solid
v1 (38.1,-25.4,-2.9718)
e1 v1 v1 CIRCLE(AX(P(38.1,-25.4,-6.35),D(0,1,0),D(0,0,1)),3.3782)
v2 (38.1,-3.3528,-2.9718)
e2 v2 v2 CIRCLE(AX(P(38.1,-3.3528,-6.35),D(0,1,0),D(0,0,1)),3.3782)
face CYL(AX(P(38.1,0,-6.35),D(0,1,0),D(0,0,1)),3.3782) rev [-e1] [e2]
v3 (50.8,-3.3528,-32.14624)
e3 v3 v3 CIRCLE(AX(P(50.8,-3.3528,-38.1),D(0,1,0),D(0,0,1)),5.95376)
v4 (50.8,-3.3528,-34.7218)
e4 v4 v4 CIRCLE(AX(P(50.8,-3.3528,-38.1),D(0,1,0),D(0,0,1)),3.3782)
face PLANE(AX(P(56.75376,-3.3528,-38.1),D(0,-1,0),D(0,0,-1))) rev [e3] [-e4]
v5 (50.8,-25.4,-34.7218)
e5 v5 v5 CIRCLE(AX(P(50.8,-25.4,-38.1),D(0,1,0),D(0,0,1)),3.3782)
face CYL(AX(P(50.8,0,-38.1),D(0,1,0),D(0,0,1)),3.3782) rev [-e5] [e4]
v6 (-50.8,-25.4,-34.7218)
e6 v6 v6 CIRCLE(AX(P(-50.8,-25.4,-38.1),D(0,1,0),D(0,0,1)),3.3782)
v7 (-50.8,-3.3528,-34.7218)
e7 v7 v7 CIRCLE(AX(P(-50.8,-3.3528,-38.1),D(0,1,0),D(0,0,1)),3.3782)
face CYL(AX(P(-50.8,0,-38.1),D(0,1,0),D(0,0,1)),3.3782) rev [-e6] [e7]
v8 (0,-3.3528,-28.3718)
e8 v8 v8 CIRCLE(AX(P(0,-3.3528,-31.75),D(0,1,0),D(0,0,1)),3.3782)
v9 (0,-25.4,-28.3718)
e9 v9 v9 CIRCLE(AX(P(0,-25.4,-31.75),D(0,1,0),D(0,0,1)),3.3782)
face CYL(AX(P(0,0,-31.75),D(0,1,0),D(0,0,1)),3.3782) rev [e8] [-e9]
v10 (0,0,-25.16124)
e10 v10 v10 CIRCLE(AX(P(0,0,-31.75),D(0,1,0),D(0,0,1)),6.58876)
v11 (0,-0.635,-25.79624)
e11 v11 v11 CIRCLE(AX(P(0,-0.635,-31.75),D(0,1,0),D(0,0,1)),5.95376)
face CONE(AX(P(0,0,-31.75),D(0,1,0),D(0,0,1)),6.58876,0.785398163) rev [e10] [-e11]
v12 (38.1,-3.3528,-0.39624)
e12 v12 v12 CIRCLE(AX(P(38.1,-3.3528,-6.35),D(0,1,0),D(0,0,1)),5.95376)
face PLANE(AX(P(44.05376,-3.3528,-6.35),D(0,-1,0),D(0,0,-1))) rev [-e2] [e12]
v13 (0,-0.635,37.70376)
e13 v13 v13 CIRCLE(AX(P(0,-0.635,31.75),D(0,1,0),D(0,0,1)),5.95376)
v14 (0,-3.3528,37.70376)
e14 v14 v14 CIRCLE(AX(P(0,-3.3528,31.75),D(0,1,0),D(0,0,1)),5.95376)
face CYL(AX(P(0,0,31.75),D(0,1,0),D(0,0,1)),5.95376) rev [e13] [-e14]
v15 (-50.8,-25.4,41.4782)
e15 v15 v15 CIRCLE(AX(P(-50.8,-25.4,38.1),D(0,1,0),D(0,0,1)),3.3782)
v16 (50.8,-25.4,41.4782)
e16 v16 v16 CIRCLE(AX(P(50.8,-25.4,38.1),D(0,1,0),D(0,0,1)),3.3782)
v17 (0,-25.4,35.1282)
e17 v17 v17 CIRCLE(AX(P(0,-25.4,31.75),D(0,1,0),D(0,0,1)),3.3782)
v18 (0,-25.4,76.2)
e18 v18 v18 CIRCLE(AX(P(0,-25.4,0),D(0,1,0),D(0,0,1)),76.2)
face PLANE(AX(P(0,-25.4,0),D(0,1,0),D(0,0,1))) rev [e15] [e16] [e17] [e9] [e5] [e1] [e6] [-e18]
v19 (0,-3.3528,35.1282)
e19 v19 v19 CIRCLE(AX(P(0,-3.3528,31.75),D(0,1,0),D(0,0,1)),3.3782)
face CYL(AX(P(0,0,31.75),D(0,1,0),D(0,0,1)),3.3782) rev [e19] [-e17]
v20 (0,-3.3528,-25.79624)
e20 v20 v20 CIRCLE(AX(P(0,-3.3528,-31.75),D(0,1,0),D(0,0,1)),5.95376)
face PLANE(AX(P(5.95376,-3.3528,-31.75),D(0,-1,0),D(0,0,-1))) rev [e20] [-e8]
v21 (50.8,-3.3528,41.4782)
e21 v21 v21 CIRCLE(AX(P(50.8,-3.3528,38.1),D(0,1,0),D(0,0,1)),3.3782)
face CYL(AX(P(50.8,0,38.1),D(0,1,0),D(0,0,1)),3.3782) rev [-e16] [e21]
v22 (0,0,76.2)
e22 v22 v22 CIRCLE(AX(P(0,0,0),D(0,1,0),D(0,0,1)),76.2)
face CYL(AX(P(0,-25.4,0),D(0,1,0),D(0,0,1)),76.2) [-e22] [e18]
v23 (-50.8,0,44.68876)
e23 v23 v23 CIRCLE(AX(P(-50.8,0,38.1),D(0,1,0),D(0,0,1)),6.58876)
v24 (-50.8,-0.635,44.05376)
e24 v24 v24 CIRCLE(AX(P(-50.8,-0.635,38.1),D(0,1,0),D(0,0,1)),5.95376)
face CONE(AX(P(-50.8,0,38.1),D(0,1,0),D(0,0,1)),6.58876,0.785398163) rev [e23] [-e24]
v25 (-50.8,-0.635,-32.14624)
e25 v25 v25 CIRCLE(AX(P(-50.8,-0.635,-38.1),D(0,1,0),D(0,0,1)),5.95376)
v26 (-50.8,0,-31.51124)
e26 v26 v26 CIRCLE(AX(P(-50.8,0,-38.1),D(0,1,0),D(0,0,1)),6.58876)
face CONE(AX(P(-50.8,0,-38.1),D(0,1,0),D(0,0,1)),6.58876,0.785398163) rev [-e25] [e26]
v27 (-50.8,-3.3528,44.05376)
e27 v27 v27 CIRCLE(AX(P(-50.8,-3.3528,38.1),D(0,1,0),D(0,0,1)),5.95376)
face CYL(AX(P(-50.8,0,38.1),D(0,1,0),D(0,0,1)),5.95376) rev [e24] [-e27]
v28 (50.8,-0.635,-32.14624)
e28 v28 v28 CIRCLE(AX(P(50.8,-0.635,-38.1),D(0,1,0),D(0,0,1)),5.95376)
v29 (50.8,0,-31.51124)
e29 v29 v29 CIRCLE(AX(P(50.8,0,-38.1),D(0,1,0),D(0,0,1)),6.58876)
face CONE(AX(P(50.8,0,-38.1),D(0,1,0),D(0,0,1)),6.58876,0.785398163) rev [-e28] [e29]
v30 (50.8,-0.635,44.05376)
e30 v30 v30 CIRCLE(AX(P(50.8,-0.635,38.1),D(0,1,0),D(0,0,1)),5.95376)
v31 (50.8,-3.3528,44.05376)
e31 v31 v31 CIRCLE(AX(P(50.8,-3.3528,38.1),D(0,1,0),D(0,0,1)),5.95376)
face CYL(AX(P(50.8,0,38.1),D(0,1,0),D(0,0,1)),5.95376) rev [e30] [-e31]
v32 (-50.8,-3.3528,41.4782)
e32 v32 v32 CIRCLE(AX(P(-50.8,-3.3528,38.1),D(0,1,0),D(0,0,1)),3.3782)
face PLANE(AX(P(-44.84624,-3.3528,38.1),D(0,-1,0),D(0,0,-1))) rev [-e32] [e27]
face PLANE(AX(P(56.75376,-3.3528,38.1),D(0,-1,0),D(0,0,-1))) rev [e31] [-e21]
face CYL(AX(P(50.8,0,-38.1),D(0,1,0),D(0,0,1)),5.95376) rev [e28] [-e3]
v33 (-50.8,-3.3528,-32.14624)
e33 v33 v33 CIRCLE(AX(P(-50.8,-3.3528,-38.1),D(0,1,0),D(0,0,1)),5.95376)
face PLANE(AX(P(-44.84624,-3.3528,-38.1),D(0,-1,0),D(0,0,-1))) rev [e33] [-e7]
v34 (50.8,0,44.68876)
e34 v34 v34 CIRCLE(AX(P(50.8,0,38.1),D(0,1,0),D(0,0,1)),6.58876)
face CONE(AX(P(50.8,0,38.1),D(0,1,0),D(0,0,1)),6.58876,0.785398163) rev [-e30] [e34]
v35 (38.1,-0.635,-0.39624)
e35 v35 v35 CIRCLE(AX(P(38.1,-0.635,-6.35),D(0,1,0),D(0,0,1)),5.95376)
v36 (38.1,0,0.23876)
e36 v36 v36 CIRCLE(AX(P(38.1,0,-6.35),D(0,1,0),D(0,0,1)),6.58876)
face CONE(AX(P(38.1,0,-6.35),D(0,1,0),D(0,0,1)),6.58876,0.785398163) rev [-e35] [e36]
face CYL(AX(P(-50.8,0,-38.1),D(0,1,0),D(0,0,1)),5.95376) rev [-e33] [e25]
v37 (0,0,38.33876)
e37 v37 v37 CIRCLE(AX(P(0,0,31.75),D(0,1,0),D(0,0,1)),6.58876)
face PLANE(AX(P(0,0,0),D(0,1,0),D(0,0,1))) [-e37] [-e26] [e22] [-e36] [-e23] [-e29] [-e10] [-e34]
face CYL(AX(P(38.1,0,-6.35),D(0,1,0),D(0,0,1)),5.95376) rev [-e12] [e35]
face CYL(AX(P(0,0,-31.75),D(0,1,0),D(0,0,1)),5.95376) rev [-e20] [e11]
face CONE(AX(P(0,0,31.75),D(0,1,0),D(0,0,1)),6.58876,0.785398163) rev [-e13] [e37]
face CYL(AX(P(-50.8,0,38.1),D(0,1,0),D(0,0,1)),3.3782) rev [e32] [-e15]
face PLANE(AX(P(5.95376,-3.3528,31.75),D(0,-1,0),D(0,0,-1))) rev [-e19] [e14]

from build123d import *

# Parameters (mm, degrees)
SKETCH1_R                                     = 76.2
BOSS_EXTRUDE1_DEPTH                           = 25.4
CBORE_FOR_1_4_BUTTON_HEAD_CAP_SCREW1_AT_COUNT = 2
CBORE_FOR_1_4_BUTTON_HEAD_CAP_SCREW1_AT_PITCH = 45.790501198
CBORE_FOR_1_4_BUTTON_HEAD_CAP_SCREW1_2_COUNT  = 2
CBORE_FOR_1_4_BUTTON_HEAD_CAP_SCREW1_2_PITCH  = 63.5
CBORE_FOR_1_4_BUTTON_HEAD_CAP_SCREW1_3_COUNT  = 2
CBORE_FOR_1_4_BUTTON_HEAD_CAP_SCREW1_3_PITCH  = 86.36933773
CBORE_FOR_1_4_BUTTON_HEAD_CAP_SCREW1_4_COUNT  = 2
CBORE_FOR_1_4_BUTTON_HEAD_CAP_SCREW1_4_PITCH  = 51.195336702
CBORE_FOR_1_4_BUTTON_HEAD_CAP_SCREW1_5_COUNT  = 2
CBORE_FOR_1_4_BUTTON_HEAD_CAP_SCREW1_5_PITCH  = 51.195336702
CBORE_FOR_1_4_BUTTON_HEAD_CAP_SCREW1_6_COUNT  = 2
CBORE_FOR_1_4_BUTTON_HEAD_CAP_SCREW1_6_PITCH  = 86.36933773


with BuildPart() as part:
    # Sketch1 → Boss-Extrude1 (new body)
    with BuildSketch(Plane(origin=(0, 0, 0), x_dir=(1, 0, 0), z_dir=(0, 1, 0))):
        with Locations(Location((0, 0, 0), (0, 0, 270))):
            Circle(SKETCH1_R)
    extrude(amount=-BOSS_EXTRUDE1_DEPTH)

    # Sketch8 → CBORE for 1/4 Button Head Cap Screw1 (revolve, cut)
    with BuildSketch(Plane(origin=(0, 0, -31.75), x_dir=(0, 0, 1), z_dir=(1, 0, 0))):
        Polygon((0, 0), (0, 25.4), (3.3782, 25.4), (3.3782, 3.3528), (5.95376, 3.3528), (5.95376, 0.635), (6.58876, 0), align=None)
    cbore_for_1_4_button_head_cap_screw1 = revolve(axis=Axis((0, 6.35, -31.75), (0, -1, 0)), mode=Mode.SUBTRACT)

    # CBORE for 1/4 Button Head Cap Screw1 at: CBORE for 1/4 Button Head Cap Screw1 ×2
    with Locations(*[Vector(0.8320502943378437, 0, 0.5547001962252293) * (i * CBORE_FOR_1_4_BUTTON_HEAD_CAP_SCREW1_AT_PITCH) for i in range(1, CBORE_FOR_1_4_BUTTON_HEAD_CAP_SCREW1_AT_COUNT)]):
        add(cbore_for_1_4_button_head_cap_screw1, mode=Mode.SUBTRACT)

    # CBORE for 1_4 Button Head Cap Screw1 2: CBORE for 1/4 Button Head Cap Screw1 ×2
    with Locations(*[(0, 0, i * CBORE_FOR_1_4_BUTTON_HEAD_CAP_SCREW1_2_PITCH) for i in range(1, CBORE_FOR_1_4_BUTTON_HEAD_CAP_SCREW1_2_COUNT)]):
        add(cbore_for_1_4_button_head_cap_screw1, mode=Mode.SUBTRACT)

    # CBORE for 1_4 Button Head Cap Screw1 3: CBORE for 1/4 Button Head Cap Screw1 ×2
    with Locations(*[Vector(0.5881716976750462, 0, 0.8087360843031886) * (i * CBORE_FOR_1_4_BUTTON_HEAD_CAP_SCREW1_3_PITCH) for i in range(1, CBORE_FOR_1_4_BUTTON_HEAD_CAP_SCREW1_3_COUNT)]):
        add(cbore_for_1_4_button_head_cap_screw1, mode=Mode.SUBTRACT)

    # CBORE for 1_4 Button Head Cap Screw1 4: CBORE for 1/4 Button Head Cap Screw1 ×2
    with Locations(*[Vector(0.9922778767136676, 0, -0.12403473458920865) * (i * CBORE_FOR_1_4_BUTTON_HEAD_CAP_SCREW1_4_PITCH) for i in range(1, CBORE_FOR_1_4_BUTTON_HEAD_CAP_SCREW1_4_COUNT)]):
        add(cbore_for_1_4_button_head_cap_screw1, mode=Mode.SUBTRACT)

    # CBORE for 1_4 Button Head Cap Screw1 5: CBORE for 1/4 Button Head Cap Screw1 ×2
    with Locations(*[Vector(-0.9922778767136676, 0, -0.12403473458920862) * (i * CBORE_FOR_1_4_BUTTON_HEAD_CAP_SCREW1_5_PITCH) for i in range(1, CBORE_FOR_1_4_BUTTON_HEAD_CAP_SCREW1_5_COUNT)]):
        add(cbore_for_1_4_button_head_cap_screw1, mode=Mode.SUBTRACT)

    # CBORE for 1_4 Button Head Cap Screw1 6: CBORE for 1/4 Button Head Cap Screw1 ×2
    with Locations(*[Vector(-0.5881716976750463, 0, 0.8087360843031884) * (i * CBORE_FOR_1_4_BUTTON_HEAD_CAP_SCREW1_6_PITCH) for i in range(1, CBORE_FOR_1_4_BUTTON_HEAD_CAP_SCREW1_6_COUNT)]):
        add(cbore_for_1_4_button_head_cap_screw1, mode=Mode.SUBTRACT)


solid = part.part
